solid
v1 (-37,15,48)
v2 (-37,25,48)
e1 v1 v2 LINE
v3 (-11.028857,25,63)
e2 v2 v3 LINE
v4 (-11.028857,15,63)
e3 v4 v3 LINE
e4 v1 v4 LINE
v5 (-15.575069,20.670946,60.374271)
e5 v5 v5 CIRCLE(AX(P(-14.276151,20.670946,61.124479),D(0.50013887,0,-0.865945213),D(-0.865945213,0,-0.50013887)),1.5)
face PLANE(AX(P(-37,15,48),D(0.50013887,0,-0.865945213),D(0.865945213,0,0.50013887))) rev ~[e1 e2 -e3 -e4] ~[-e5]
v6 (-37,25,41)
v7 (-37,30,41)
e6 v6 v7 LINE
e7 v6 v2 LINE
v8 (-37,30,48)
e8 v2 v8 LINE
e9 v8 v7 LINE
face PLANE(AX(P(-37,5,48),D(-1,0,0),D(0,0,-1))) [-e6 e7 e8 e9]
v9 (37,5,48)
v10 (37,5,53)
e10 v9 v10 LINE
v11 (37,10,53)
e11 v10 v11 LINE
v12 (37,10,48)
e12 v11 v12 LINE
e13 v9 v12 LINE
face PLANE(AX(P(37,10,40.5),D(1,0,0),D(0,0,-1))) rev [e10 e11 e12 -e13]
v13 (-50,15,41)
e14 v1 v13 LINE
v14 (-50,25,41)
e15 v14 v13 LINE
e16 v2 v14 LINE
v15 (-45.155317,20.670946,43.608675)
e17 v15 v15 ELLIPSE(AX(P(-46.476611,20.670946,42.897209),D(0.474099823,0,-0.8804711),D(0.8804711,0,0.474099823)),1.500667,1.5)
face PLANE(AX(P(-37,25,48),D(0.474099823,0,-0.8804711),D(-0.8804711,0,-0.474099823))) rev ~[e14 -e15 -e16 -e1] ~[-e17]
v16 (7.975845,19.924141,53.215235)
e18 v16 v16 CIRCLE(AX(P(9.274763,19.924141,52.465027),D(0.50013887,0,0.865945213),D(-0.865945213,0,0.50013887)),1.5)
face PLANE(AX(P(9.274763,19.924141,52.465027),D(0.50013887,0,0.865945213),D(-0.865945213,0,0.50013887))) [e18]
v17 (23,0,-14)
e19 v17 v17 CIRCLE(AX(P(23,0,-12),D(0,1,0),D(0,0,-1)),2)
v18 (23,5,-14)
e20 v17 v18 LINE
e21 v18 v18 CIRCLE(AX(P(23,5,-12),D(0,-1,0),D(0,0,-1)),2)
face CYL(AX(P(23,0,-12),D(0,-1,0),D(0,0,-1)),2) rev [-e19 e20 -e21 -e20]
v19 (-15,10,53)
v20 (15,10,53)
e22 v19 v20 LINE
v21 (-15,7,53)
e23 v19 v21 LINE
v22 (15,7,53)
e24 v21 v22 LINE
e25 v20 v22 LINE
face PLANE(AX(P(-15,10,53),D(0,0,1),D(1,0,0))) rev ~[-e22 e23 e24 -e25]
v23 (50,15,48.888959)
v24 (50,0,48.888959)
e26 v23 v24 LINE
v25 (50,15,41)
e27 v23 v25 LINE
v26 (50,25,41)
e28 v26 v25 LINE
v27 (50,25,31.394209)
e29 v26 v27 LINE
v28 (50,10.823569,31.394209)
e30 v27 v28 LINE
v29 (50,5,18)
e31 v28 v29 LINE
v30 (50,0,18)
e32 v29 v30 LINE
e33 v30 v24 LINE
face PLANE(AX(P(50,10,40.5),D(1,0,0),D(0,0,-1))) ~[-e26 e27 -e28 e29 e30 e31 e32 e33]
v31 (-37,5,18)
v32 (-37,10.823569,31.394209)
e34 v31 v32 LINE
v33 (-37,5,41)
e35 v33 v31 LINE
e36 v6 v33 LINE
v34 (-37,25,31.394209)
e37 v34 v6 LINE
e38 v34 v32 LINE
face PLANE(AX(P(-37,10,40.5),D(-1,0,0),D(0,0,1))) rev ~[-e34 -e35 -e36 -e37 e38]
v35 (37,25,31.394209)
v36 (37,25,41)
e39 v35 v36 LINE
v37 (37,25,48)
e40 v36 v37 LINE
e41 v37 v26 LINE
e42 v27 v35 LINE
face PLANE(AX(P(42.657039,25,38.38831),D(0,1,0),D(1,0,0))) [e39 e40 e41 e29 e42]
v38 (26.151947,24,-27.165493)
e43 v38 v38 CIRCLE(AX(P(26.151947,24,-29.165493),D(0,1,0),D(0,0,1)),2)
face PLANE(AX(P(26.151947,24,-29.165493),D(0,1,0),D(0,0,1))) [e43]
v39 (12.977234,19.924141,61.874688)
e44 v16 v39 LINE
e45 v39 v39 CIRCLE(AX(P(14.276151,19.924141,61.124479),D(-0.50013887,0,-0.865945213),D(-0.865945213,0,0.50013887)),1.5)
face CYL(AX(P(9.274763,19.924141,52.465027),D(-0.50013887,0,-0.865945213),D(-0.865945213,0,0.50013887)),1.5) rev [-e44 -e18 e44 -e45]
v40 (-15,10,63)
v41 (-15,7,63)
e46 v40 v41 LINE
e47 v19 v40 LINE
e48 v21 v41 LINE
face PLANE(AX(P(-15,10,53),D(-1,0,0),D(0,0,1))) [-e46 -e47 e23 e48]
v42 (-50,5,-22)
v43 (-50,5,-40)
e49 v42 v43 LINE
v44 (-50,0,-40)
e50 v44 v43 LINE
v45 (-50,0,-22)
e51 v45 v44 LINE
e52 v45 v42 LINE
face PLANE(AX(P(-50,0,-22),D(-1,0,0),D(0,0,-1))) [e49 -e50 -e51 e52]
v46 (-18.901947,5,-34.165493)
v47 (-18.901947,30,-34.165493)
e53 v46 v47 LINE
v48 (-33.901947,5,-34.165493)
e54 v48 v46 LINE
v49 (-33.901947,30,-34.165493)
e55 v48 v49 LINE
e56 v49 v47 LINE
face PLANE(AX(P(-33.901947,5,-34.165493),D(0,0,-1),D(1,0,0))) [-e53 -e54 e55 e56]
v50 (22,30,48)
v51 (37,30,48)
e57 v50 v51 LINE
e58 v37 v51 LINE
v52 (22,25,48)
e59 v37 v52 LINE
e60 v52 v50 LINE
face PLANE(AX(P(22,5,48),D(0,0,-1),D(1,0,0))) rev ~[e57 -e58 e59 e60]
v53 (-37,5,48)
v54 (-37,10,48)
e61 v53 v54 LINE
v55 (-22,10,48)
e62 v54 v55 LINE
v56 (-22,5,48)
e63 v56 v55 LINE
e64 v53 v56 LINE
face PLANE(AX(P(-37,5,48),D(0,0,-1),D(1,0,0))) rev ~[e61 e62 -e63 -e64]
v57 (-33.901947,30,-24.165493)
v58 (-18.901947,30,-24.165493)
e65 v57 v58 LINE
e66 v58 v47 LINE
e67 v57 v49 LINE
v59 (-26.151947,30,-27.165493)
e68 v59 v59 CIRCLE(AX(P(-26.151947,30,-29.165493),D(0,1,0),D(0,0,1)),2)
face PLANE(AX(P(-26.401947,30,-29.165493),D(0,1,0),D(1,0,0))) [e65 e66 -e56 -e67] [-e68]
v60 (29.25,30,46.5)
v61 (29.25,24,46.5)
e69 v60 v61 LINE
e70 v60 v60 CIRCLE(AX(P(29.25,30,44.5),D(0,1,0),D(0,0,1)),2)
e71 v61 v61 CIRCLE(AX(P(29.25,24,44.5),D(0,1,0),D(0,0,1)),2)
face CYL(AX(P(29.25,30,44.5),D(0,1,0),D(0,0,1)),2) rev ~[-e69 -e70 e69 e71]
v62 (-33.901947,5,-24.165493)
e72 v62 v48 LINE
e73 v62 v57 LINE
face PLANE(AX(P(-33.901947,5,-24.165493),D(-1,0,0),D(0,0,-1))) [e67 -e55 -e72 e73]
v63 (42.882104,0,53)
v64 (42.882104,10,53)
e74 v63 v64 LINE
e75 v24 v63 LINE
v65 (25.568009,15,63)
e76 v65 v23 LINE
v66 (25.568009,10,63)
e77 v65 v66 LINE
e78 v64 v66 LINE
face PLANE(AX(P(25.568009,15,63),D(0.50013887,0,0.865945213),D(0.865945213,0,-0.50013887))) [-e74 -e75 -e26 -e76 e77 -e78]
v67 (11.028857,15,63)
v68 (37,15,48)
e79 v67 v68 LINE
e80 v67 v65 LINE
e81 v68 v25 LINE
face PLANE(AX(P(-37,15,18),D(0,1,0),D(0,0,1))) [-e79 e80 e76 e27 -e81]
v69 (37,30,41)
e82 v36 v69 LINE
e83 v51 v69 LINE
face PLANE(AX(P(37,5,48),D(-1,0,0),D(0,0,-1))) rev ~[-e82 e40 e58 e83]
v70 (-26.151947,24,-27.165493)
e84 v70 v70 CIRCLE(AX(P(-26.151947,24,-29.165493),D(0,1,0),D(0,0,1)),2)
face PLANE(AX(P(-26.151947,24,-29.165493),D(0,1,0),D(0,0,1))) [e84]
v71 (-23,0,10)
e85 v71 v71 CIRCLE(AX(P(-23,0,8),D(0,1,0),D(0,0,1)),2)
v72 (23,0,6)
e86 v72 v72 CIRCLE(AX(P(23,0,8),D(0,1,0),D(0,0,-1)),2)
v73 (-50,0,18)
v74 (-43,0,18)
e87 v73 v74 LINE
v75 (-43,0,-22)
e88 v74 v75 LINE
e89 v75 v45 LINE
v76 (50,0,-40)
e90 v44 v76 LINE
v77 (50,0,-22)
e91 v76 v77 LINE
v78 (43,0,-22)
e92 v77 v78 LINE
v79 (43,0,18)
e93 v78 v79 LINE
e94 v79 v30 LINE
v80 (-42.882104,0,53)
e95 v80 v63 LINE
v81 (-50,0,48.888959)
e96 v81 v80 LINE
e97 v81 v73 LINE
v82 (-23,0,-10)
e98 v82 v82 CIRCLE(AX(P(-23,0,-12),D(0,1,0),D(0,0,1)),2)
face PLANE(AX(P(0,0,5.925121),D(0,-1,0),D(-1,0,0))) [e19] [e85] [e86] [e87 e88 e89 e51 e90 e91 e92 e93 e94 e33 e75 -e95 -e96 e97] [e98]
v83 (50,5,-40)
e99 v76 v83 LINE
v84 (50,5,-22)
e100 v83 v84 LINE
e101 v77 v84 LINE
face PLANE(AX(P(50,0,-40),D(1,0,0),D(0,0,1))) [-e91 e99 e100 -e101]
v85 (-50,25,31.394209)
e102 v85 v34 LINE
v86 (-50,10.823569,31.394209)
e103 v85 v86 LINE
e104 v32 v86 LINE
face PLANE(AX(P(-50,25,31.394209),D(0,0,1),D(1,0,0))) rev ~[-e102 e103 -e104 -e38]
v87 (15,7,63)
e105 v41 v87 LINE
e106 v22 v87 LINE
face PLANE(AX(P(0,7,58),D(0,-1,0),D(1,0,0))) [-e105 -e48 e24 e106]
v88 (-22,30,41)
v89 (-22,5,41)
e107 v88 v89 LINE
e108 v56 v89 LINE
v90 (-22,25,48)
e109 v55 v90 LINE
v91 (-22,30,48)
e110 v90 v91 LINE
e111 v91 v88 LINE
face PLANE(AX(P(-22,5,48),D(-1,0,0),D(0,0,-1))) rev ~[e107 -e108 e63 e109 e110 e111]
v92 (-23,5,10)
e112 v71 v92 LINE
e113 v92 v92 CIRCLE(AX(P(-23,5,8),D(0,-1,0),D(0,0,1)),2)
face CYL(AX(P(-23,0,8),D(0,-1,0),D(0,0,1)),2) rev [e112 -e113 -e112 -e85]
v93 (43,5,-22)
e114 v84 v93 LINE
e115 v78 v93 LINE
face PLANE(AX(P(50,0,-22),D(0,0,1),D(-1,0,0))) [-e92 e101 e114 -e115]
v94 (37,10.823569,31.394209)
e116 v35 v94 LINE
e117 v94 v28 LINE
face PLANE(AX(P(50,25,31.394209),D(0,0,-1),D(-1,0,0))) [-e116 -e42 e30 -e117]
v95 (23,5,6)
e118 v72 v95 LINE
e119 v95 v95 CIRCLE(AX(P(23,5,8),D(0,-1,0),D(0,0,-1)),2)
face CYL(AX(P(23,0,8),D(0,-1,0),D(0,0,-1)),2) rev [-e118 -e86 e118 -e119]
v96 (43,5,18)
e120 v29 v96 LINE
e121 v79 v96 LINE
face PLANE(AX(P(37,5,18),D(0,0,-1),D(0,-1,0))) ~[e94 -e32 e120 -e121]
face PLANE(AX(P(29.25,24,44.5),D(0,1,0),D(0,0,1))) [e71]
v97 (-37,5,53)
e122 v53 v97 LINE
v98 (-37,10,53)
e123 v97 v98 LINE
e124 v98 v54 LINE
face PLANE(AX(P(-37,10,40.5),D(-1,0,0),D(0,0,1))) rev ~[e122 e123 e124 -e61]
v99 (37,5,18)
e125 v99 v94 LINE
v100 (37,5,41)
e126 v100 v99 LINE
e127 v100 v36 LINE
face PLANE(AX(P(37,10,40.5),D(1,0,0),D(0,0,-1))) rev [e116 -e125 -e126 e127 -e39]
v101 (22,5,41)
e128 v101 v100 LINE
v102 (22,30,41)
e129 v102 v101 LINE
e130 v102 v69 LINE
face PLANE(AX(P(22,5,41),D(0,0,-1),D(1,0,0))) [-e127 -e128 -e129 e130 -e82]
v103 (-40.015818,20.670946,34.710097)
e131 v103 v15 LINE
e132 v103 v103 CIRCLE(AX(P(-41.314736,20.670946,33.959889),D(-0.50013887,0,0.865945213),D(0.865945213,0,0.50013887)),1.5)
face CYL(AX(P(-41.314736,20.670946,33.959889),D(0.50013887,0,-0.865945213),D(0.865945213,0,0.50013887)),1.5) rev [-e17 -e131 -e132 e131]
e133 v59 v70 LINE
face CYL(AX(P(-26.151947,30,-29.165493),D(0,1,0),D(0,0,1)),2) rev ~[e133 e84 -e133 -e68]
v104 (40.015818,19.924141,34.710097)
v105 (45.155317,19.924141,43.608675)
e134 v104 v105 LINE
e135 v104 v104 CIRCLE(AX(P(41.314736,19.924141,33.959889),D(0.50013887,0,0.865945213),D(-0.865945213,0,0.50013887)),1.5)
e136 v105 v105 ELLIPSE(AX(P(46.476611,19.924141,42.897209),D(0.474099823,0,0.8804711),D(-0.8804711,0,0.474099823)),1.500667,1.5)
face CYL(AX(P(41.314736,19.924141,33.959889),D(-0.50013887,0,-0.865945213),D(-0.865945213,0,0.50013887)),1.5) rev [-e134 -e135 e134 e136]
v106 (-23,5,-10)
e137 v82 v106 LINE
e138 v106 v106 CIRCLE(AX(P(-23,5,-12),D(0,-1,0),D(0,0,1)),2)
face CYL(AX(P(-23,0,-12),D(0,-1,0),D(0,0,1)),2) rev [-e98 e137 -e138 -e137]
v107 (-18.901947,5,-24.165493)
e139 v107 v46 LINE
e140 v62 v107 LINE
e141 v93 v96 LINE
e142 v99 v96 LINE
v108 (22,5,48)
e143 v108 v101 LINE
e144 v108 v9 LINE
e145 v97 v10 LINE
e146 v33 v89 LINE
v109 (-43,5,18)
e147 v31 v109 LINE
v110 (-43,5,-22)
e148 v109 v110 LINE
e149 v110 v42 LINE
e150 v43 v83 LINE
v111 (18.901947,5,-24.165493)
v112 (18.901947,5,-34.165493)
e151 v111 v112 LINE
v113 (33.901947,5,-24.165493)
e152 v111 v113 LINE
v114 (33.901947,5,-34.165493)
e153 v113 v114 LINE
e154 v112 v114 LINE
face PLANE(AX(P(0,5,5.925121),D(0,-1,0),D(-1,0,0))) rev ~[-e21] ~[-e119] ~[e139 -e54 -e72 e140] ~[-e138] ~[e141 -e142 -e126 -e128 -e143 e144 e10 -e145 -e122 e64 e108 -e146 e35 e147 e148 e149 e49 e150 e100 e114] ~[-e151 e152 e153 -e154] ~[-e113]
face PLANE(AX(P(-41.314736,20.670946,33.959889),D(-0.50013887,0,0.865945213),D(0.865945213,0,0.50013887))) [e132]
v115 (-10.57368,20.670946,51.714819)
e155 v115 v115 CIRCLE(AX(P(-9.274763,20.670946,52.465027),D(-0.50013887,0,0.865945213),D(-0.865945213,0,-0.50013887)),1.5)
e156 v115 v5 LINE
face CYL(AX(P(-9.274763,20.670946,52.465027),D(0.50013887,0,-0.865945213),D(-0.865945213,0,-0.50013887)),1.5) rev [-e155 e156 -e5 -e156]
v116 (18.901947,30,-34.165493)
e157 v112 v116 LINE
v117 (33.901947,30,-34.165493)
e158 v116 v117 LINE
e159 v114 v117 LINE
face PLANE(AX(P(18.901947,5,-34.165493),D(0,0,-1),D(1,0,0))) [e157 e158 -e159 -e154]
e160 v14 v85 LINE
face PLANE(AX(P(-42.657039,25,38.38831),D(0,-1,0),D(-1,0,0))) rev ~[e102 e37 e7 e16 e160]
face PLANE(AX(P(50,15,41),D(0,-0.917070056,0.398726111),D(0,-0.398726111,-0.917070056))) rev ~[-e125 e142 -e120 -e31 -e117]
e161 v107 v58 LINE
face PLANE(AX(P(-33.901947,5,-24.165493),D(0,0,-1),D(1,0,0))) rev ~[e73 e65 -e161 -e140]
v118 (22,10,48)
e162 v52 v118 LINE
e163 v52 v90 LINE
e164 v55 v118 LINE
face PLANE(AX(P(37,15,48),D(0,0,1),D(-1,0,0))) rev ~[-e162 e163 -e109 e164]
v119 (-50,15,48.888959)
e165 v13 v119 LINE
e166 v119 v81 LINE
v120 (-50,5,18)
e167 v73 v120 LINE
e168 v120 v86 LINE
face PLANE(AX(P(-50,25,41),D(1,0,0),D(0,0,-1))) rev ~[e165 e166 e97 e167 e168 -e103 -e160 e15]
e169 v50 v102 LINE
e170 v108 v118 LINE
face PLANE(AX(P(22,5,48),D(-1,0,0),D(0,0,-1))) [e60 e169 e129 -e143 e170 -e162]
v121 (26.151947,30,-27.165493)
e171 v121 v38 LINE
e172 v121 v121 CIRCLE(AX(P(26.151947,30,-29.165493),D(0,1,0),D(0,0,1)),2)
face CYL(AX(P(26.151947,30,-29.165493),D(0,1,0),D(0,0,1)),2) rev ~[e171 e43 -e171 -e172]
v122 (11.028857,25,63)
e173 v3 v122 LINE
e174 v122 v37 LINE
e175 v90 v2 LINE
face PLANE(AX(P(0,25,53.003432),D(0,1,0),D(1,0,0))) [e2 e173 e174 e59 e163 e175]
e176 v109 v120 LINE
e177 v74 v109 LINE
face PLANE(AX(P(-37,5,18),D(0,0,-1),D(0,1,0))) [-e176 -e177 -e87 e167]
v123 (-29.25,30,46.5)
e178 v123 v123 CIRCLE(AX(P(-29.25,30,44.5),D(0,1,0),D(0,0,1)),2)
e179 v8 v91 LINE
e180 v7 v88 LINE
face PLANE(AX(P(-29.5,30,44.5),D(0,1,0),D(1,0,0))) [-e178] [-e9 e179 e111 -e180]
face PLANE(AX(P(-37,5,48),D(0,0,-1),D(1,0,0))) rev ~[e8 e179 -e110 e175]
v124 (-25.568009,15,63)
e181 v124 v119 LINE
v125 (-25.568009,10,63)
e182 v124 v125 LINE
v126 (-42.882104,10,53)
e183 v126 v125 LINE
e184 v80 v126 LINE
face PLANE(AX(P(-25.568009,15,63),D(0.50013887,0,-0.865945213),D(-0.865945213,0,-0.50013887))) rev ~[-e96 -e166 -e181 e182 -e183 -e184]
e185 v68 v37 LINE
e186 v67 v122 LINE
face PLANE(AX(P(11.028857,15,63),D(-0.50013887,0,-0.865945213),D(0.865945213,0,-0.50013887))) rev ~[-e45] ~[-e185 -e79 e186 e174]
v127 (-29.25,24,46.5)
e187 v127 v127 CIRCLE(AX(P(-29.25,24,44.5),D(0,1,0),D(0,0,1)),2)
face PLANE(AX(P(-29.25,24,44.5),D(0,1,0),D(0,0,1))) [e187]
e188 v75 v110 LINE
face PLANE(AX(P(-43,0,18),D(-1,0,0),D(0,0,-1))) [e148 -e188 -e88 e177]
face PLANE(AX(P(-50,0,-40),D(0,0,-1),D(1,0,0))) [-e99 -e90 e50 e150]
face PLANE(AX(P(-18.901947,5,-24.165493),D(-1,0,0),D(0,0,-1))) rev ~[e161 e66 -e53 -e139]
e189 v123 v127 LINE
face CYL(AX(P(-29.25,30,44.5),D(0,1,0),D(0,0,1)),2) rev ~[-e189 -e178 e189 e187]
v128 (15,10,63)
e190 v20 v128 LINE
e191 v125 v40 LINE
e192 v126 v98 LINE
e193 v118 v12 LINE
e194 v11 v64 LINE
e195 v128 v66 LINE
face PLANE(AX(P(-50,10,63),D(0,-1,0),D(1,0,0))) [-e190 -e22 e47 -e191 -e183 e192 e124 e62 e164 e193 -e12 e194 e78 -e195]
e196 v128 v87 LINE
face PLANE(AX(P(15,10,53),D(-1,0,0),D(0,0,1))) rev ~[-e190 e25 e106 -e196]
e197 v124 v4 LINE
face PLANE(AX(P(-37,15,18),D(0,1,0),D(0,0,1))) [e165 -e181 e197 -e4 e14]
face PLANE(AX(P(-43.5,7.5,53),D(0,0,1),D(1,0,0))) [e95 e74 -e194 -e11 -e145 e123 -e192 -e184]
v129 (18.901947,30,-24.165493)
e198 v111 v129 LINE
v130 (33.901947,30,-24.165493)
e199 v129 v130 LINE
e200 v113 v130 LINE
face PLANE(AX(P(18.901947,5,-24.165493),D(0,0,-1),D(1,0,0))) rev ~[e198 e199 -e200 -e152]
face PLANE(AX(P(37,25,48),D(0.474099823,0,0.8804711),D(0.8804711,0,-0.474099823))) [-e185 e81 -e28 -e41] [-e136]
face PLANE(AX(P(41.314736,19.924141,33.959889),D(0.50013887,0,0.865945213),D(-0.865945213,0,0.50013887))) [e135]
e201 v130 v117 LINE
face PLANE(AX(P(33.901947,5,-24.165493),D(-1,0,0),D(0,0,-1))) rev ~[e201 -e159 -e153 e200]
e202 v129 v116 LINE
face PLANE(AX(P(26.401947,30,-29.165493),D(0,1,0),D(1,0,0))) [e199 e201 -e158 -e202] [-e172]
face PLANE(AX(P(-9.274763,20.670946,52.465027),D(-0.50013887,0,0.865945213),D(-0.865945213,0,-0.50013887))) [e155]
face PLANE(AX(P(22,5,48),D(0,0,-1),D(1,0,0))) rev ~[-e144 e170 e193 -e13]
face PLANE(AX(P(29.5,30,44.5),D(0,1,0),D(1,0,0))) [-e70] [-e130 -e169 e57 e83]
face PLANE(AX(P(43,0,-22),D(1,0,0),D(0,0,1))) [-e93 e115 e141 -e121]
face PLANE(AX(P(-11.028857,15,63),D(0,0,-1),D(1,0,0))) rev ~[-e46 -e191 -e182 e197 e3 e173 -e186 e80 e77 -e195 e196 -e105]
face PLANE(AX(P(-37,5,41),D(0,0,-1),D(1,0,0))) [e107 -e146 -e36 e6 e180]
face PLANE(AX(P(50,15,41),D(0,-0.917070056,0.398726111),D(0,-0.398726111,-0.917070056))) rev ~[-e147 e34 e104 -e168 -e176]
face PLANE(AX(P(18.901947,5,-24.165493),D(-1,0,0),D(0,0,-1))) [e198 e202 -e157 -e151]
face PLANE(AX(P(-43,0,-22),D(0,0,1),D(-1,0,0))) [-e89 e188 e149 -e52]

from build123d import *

# Parameters (mm, degrees)
SKETCH1_R                = 2
BOSS_EXTRUDE1_DEPTH      = 5
SKETCH3_W                = 15
SKETCH3_H                = 7
SKETCH3_H_2              = 10
BOSS_EXTRUDE3_DEPTH      = 25
SKETCH4_R                = 2
CUT_EXTRUDE1_DEPTH       = 6
SKETCH8_W                = 45
SKETCH8_H                = 10
BOSS_EXTRUDE7_DEPTH      = 13
SKETCH17_W               = 100
SKETCH17_H               = 15
BOSS_EXTRUDE11_DEPTH     = 5
BOSS_EXTRUDE12_DEPTH     = 10
SKETCH19_W               = 13
SKETCH19_H               = 5
CUT_EXTRUDE7_DEPTH       = 10
CUT_EXTRUDE8_DEPTH       = 20
CUT_EXTRUDE9_DEPTH       = 120
BOSS_EXTRUDE13_DEPTH     = 20
CUT_EXTRUDE10_DEPTH      = 10
CUT_EXTRUDE10_DEPTH_BACK = 10
SKETCH22_R               = 1.5
CUT_EXTRUDE11_DEPTH      = 10
CUT_EXTRUDE11_DEPTH_BACK = 10
SKETCH24_R               = 1.5
SKETCH25_W               = 30
SKETCH25_H               = 10
BOSS_EXTRUDE14_DEPTH     = 3


with BuildPart() as part:
    # Sketch1 → Boss-Extrude1 (new body)
    with BuildSketch(Plane(origin=(0, 0, 0), x_dir=(1, 0, 0), z_dir=(0, 1, 0))):
        Polygon((-50, 40), (50, 40), (50, 22), (43, 22), (43, -18), (50, -18), (50, -53), (35, -53), (-35, -53), (-50, -53), (-50, -18), (-43, -18), (-43, 22), (-50, 22), align=None)
        with Locations((-23, 12)):
            Circle(SKETCH1_R, mode=Mode.SUBTRACT)
        with Locations((-23, -8)):
            Circle(SKETCH1_R, mode=Mode.SUBTRACT)
        with Locations((23, -8)):
            Circle(SKETCH1_R, mode=Mode.SUBTRACT)
        with Locations((23, 12)):
            Circle(SKETCH1_R, mode=Mode.SUBTRACT)
    extrude(amount=BOSS_EXTRUDE1_DEPTH)

    # Sketch3 → Boss-Extrude3 (add)
    with BuildSketch(Plane(origin=(0, 5, 0), x_dir=(1, 0, 0), z_dir=(0, 1, 0))):
        with Locations((-29.5, -44.5)):
            Rectangle(SKETCH3_W, SKETCH3_H)
        with Locations((-26.401946621, 29.165492724)):
            Rectangle(SKETCH3_W, SKETCH3_H_2)
        with Locations((29.5, -44.5)):
            Rectangle(SKETCH3_W, SKETCH3_H)
        with Locations((26.401946621, 29.165492724)):
            Rectangle(SKETCH3_W, SKETCH3_H_2)
    extrude(amount=BOSS_EXTRUDE3_DEPTH)

    # Sketch4 → Cut-Extrude1 (cut)
    with BuildSketch(Plane(origin=(0, 30, 0), x_dir=(1, 0, 0), z_dir=(0, 1, 0))):
        with Locations((-29.25, -44.5)):
            Circle(SKETCH4_R)
        with Locations((29.25, -44.5)):
            Circle(SKETCH4_R)
        with Locations((-26.151946621, 29.165492724)):
            Circle(SKETCH4_R)
        with Locations((26.151946621, 29.165492724)):
            Circle(SKETCH4_R)
    extrude(amount=-CUT_EXTRUDE1_DEPTH, mode=Mode.SUBTRACT)

    # Sketch8 → Boss-Extrude7 (add)
    with BuildSketch(Plane.ZY.offset(37)):
        with Locations((40.5, 10)):
            Rectangle(SKETCH8_W, SKETCH8_H)
    extrude(amount=BOSS_EXTRUDE7_DEPTH)

    # Mirror2: part across plane


with BuildPart() as part_1:
    add(part.part)
    add(part.part.mirror(Plane(origin=(0, 0, 0), x_dir=(0, 0, 1), z_dir=(1, 0, 0))))

    # Sketch17 → Boss-Extrude11 (add)
    with BuildSketch(Plane(origin=(0, 15, 0), x_dir=(1, 0, 0), z_dir=(0, 1, 0))):
        with Locations((0, -55.5)):
            Rectangle(SKETCH17_W, SKETCH17_H)
    extrude(amount=-BOSS_EXTRUDE11_DEPTH)

    # Sketch18 → Boss-Extrude12 (add)
    with BuildSketch(Plane(origin=(0, 15, 0), x_dir=(1, 0, 0), z_dir=(0, 1, 0))):
        Polygon((-37, -48), (-11.02885683, -63), (11.02885683, -63), (37, -48), align=None)
    extrude(amount=BOSS_EXTRUDE12_DEPTH)

    # Sketch19 → Cut-Extrude7 (cut)
    with BuildSketch(Plane.XY.offset(63)):
        with Locations((-43.5, 7.5)):
            Rectangle(SKETCH19_W, SKETCH19_H)
        with Locations((43.5, 7.5)):
            Rectangle(SKETCH19_W, SKETCH19_H)
    extrude(amount=-CUT_EXTRUDE7_DEPTH, mode=Mode.SUBTRACT)

    # Sketch20 → Cut-Extrude8 (cut)
    with BuildSketch(Plane(origin=(0, 15, 0), x_dir=(1, 0, 0), z_dir=(0, 1, 0))):
        Polygon((-25.568008611, -63), (-50, -48.888958818), (-50, -63), align=None)
        Polygon((50, -48.888958818), (50, -63), (25.568008611, -63), align=None)
    extrude(amount=-CUT_EXTRUDE8_DEPTH, mode=Mode.SUBTRACT)

    # Sketch21 → Cut-Extrude9 (cut)
    with BuildSketch(Plane(origin=(50, 0, 0), x_dir=(0, 0, -1), z_dir=(1, 0, 0))):
        Polygon((-41, 15), (-18, 5), (-18, 15), align=None)
    extrude(amount=-CUT_EXTRUDE9_DEPTH, mode=Mode.SUBTRACT)

    # Sketch23 → Boss-Extrude13 (add)
    with BuildSketch(Plane(origin=(0, 25, 0), x_dir=(1, 0, 0), z_dir=(0, 1, 0))):
        Polygon((-37, -48), (-50, -41), (-50, -31.394208948), (-37, -31.394208948), align=None)
        Polygon((50, -31.394208948), (37, -31.394208948), (37, -48), (50, -41), align=None)
    extrude(amount=-BOSS_EXTRUDE13_DEPTH)

    # Sketch22 → Cut-Extrude10 (cut, two sides: drawn at the far end of the back side and taken through both)
    with BuildSketch(Plane(origin=(-30.043596157, 0, 52.017769143), x_dir=(0.8659452125260777, 0, 0.5001388696183953), z_dir=(-0.5001388696183953, 0, 0.8659452125260777)).offset(-CUT_EXTRUDE10_DEPTH_BACK)):
        with Locations((-18.791636985, 20.670945853)):
            Circle(SKETCH22_R)
        with Locations((18.208363015, 20.670945853)):
            Circle(SKETCH22_R)
    extrude(amount=CUT_EXTRUDE10_DEPTH + CUT_EXTRUDE10_DEPTH_BACK, mode=Mode.SUBTRACT)

    # Sketch24 → Cut-Extrude11 (cut, two sides: drawn at the far end of the back side and taken through both)
    with BuildSketch(Plane(origin=(30.043596157, 0, 52.017769143), x_dir=(0.8659452125260774, 0, -0.5001388696183958), z_dir=(0.5001388696183958, 0, 0.8659452125260774)).offset(-CUT_EXTRUDE11_DEPTH_BACK)):
        with Locations((-18.208363015, 19.924140623)):
            Circle(SKETCH24_R)
        with Locations((18.791636985, 19.924140623)):
            Circle(SKETCH24_R)
    extrude(amount=CUT_EXTRUDE11_DEPTH + CUT_EXTRUDE11_DEPTH_BACK, mode=Mode.SUBTRACT)

    # Sketch25 → Boss-Extrude14 (add)
    with BuildSketch(Plane.XZ.offset(-10)):
        with Locations((0, 58)):
            Rectangle(SKETCH25_W, SKETCH25_H)
    extrude(amount=BOSS_EXTRUDE14_DEPTH)


solid = part_1.part
